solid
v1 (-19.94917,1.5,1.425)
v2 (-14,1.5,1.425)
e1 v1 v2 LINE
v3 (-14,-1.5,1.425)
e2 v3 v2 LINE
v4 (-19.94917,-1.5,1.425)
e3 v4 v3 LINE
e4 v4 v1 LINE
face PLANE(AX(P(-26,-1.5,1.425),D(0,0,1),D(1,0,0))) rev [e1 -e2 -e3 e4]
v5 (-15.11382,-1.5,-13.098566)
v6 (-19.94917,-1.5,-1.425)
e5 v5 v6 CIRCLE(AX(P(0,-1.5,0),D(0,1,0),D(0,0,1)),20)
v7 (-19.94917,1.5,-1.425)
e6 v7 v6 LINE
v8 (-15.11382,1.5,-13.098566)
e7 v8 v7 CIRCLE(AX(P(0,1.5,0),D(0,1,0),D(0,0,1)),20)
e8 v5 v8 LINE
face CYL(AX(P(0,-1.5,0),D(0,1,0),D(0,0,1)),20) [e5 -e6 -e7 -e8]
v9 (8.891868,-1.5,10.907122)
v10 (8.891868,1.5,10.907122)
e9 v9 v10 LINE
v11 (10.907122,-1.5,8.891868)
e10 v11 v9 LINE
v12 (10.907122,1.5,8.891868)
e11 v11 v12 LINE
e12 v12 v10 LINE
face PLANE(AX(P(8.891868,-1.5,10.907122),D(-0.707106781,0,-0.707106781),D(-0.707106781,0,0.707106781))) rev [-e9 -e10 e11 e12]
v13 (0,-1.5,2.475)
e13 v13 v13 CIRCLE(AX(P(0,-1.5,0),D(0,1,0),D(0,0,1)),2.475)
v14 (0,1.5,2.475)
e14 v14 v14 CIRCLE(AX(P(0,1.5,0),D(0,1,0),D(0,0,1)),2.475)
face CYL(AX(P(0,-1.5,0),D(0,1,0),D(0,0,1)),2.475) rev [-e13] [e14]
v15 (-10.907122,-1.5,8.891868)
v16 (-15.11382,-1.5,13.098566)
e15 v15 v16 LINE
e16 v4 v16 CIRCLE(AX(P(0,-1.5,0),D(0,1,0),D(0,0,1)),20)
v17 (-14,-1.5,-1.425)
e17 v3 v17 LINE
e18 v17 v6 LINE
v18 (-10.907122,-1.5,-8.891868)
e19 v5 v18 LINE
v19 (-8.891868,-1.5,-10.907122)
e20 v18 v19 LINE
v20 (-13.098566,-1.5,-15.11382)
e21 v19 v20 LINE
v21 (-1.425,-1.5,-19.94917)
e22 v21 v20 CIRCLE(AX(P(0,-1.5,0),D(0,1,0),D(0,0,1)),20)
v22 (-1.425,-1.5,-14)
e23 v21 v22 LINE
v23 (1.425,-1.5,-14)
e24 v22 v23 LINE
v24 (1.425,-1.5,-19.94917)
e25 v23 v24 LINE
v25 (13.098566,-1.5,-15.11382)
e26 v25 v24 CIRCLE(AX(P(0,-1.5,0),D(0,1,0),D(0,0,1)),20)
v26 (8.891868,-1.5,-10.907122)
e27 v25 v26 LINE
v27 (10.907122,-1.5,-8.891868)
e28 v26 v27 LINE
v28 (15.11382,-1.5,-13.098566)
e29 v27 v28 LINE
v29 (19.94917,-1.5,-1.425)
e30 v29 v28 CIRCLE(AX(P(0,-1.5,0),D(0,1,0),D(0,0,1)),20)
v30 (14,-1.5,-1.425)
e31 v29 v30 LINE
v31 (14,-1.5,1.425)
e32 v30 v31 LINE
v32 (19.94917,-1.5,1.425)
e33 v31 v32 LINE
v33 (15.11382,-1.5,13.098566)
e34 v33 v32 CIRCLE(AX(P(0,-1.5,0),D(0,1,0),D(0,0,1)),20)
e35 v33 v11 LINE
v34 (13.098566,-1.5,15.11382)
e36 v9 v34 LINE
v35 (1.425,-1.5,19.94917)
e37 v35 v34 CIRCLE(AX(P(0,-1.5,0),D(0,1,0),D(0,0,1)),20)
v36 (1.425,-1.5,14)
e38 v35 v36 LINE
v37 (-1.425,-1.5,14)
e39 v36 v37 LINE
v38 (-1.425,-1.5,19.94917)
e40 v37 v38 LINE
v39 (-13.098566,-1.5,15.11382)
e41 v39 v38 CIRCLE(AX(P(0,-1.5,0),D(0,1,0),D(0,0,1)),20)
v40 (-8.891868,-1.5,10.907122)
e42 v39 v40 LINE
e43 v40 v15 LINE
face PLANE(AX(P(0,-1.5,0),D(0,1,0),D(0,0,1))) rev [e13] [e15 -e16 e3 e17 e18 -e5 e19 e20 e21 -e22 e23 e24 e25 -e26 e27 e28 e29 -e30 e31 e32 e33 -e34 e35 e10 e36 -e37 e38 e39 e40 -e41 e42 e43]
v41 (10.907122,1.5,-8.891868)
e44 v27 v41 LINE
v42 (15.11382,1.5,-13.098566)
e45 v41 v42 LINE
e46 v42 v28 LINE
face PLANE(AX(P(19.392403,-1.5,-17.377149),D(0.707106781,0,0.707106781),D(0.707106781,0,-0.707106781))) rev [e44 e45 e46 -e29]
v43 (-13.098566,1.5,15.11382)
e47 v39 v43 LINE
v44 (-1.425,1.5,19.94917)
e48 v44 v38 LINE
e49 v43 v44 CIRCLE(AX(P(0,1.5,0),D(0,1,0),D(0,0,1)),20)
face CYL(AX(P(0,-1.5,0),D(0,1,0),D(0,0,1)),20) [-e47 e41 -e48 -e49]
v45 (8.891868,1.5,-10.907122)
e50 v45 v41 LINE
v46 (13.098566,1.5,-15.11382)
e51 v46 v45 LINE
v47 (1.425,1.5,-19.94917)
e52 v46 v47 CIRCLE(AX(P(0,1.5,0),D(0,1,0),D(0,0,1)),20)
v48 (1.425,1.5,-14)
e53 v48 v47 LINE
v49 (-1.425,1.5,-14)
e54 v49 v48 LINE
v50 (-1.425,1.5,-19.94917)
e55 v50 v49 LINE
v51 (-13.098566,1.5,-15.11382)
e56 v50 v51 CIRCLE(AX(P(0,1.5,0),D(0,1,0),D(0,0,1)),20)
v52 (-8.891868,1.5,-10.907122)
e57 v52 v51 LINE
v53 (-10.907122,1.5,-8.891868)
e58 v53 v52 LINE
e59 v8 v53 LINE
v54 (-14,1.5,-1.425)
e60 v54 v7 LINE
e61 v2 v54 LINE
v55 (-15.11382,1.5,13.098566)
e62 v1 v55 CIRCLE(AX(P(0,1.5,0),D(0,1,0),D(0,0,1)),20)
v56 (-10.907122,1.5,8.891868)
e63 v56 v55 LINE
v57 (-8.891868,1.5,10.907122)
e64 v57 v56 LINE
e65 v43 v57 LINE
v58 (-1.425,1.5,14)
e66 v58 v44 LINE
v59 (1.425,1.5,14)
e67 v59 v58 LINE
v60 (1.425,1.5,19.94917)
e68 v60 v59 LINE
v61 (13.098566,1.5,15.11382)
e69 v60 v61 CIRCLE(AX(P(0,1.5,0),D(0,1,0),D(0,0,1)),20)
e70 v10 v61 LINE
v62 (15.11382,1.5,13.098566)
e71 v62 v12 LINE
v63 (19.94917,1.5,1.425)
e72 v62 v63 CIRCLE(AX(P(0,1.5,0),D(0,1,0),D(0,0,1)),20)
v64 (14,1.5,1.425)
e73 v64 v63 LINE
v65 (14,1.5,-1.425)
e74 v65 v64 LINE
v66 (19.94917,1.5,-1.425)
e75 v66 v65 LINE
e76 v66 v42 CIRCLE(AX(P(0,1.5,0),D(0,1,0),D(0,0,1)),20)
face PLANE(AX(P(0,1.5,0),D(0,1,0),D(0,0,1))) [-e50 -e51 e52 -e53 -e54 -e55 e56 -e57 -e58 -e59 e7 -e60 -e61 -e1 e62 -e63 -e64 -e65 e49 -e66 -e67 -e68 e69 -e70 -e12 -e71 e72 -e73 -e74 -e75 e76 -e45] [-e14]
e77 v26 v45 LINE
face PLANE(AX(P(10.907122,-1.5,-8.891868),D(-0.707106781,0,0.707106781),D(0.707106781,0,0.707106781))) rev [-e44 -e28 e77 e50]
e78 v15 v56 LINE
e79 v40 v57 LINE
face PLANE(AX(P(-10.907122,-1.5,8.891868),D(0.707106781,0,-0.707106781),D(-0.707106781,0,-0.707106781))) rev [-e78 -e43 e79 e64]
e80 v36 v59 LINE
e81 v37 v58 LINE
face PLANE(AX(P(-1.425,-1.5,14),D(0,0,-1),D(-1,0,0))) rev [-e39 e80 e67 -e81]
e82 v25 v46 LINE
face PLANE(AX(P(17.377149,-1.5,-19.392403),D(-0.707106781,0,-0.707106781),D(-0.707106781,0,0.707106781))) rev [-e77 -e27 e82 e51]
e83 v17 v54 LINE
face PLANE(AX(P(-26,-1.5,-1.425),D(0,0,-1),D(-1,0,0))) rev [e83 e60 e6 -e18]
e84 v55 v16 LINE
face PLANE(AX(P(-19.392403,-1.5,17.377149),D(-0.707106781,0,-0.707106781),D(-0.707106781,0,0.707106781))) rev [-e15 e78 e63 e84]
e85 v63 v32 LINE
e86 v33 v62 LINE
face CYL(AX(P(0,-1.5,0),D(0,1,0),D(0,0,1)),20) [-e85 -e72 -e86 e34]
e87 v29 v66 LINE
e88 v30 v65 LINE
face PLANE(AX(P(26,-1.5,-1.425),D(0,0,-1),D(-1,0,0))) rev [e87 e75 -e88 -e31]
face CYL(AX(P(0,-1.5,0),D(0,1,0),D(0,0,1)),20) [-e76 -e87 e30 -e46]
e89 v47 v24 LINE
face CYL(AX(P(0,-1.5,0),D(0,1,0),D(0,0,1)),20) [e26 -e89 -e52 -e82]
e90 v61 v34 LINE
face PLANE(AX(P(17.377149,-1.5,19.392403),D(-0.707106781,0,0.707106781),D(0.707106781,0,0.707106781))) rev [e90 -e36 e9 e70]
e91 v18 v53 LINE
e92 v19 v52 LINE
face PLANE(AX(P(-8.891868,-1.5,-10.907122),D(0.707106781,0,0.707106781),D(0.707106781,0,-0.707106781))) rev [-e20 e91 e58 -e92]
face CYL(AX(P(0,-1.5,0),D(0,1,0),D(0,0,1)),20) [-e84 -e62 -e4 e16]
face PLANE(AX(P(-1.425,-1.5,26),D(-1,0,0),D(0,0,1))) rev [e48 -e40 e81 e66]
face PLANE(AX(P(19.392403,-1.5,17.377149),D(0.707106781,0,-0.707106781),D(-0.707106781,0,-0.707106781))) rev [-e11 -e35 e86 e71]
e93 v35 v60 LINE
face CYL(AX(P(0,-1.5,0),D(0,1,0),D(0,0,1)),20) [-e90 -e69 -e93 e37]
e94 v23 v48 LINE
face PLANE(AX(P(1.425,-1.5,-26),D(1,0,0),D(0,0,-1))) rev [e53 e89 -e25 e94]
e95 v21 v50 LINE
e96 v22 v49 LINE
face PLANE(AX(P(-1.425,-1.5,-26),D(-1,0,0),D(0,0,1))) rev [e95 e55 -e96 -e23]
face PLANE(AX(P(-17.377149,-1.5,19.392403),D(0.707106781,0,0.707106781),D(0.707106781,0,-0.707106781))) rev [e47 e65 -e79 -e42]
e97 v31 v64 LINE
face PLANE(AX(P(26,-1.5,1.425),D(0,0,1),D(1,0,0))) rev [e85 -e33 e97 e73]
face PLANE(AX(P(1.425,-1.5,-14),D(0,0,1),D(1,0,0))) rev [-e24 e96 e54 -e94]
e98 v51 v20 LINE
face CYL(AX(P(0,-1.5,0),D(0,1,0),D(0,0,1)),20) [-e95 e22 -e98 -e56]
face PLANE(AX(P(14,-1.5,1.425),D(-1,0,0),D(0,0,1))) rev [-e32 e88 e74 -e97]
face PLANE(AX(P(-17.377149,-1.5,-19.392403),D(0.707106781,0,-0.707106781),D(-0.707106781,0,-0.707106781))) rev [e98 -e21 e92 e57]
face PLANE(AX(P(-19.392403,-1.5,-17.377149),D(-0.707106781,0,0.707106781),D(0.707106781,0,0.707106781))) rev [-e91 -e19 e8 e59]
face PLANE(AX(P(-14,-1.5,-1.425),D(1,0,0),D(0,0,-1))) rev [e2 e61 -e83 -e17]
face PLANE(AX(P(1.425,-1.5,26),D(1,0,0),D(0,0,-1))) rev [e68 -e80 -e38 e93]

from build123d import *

# Parameters (mm, degrees)
BOSS_EXTRUDE1_DEPTH      = 1.5
BOSS_EXTRUDE1_DEPTH_BACK = 1.5
SKETCH1_R                = 20
SKETCH1_R_2              = 2.475
SKETCH2_W                = 12
SKETCH2_H                = 2.85
CUT_EXTRUDE1_DEPTH       = 29.442925307
CIRPATTERN1_COUNT        = 8


with BuildPart() as part:
    # Sketch1 → Boss-Extrude1 (new, two sides: drawn at the far end of the back side and taken through both)
    with BuildSketch(Plane(origin=(0, 0, 0), x_dir=(1, 0, 0), z_dir=(0, 1, 0)).offset(-BOSS_EXTRUDE1_DEPTH_BACK)):
        Circle(SKETCH1_R)
        Circle(SKETCH1_R_2, mode=Mode.SUBTRACT)
    extrude(amount=BOSS_EXTRUDE1_DEPTH + BOSS_EXTRUDE1_DEPTH_BACK)

    # Sketch2 → Cut-Extrude1 (cut, through all)
    with BuildSketch(Plane(origin=(0, 1.5, 0), x_dir=(1, 0, 0), z_dir=(0, 1, 0))):
        with Locations((20, 0)):
            Rectangle(SKETCH2_W, SKETCH2_H)
    cut_extrude1 = extrude(amount=-CUT_EXTRUDE1_DEPTH, mode=Mode.SUBTRACT)

    # CirPattern1: Cut-Extrude1 ×8 about axis
    cirpattern1_axis = Axis((0, 1.74625, 0), (0, -1, 0))
    for i in range(1, CIRPATTERN1_COUNT):
        add(cut_extrude1.rotate(cirpattern1_axis, i * 360 / CIRPATTERN1_COUNT), mode=Mode.SUBTRACT)


solid = part.part
